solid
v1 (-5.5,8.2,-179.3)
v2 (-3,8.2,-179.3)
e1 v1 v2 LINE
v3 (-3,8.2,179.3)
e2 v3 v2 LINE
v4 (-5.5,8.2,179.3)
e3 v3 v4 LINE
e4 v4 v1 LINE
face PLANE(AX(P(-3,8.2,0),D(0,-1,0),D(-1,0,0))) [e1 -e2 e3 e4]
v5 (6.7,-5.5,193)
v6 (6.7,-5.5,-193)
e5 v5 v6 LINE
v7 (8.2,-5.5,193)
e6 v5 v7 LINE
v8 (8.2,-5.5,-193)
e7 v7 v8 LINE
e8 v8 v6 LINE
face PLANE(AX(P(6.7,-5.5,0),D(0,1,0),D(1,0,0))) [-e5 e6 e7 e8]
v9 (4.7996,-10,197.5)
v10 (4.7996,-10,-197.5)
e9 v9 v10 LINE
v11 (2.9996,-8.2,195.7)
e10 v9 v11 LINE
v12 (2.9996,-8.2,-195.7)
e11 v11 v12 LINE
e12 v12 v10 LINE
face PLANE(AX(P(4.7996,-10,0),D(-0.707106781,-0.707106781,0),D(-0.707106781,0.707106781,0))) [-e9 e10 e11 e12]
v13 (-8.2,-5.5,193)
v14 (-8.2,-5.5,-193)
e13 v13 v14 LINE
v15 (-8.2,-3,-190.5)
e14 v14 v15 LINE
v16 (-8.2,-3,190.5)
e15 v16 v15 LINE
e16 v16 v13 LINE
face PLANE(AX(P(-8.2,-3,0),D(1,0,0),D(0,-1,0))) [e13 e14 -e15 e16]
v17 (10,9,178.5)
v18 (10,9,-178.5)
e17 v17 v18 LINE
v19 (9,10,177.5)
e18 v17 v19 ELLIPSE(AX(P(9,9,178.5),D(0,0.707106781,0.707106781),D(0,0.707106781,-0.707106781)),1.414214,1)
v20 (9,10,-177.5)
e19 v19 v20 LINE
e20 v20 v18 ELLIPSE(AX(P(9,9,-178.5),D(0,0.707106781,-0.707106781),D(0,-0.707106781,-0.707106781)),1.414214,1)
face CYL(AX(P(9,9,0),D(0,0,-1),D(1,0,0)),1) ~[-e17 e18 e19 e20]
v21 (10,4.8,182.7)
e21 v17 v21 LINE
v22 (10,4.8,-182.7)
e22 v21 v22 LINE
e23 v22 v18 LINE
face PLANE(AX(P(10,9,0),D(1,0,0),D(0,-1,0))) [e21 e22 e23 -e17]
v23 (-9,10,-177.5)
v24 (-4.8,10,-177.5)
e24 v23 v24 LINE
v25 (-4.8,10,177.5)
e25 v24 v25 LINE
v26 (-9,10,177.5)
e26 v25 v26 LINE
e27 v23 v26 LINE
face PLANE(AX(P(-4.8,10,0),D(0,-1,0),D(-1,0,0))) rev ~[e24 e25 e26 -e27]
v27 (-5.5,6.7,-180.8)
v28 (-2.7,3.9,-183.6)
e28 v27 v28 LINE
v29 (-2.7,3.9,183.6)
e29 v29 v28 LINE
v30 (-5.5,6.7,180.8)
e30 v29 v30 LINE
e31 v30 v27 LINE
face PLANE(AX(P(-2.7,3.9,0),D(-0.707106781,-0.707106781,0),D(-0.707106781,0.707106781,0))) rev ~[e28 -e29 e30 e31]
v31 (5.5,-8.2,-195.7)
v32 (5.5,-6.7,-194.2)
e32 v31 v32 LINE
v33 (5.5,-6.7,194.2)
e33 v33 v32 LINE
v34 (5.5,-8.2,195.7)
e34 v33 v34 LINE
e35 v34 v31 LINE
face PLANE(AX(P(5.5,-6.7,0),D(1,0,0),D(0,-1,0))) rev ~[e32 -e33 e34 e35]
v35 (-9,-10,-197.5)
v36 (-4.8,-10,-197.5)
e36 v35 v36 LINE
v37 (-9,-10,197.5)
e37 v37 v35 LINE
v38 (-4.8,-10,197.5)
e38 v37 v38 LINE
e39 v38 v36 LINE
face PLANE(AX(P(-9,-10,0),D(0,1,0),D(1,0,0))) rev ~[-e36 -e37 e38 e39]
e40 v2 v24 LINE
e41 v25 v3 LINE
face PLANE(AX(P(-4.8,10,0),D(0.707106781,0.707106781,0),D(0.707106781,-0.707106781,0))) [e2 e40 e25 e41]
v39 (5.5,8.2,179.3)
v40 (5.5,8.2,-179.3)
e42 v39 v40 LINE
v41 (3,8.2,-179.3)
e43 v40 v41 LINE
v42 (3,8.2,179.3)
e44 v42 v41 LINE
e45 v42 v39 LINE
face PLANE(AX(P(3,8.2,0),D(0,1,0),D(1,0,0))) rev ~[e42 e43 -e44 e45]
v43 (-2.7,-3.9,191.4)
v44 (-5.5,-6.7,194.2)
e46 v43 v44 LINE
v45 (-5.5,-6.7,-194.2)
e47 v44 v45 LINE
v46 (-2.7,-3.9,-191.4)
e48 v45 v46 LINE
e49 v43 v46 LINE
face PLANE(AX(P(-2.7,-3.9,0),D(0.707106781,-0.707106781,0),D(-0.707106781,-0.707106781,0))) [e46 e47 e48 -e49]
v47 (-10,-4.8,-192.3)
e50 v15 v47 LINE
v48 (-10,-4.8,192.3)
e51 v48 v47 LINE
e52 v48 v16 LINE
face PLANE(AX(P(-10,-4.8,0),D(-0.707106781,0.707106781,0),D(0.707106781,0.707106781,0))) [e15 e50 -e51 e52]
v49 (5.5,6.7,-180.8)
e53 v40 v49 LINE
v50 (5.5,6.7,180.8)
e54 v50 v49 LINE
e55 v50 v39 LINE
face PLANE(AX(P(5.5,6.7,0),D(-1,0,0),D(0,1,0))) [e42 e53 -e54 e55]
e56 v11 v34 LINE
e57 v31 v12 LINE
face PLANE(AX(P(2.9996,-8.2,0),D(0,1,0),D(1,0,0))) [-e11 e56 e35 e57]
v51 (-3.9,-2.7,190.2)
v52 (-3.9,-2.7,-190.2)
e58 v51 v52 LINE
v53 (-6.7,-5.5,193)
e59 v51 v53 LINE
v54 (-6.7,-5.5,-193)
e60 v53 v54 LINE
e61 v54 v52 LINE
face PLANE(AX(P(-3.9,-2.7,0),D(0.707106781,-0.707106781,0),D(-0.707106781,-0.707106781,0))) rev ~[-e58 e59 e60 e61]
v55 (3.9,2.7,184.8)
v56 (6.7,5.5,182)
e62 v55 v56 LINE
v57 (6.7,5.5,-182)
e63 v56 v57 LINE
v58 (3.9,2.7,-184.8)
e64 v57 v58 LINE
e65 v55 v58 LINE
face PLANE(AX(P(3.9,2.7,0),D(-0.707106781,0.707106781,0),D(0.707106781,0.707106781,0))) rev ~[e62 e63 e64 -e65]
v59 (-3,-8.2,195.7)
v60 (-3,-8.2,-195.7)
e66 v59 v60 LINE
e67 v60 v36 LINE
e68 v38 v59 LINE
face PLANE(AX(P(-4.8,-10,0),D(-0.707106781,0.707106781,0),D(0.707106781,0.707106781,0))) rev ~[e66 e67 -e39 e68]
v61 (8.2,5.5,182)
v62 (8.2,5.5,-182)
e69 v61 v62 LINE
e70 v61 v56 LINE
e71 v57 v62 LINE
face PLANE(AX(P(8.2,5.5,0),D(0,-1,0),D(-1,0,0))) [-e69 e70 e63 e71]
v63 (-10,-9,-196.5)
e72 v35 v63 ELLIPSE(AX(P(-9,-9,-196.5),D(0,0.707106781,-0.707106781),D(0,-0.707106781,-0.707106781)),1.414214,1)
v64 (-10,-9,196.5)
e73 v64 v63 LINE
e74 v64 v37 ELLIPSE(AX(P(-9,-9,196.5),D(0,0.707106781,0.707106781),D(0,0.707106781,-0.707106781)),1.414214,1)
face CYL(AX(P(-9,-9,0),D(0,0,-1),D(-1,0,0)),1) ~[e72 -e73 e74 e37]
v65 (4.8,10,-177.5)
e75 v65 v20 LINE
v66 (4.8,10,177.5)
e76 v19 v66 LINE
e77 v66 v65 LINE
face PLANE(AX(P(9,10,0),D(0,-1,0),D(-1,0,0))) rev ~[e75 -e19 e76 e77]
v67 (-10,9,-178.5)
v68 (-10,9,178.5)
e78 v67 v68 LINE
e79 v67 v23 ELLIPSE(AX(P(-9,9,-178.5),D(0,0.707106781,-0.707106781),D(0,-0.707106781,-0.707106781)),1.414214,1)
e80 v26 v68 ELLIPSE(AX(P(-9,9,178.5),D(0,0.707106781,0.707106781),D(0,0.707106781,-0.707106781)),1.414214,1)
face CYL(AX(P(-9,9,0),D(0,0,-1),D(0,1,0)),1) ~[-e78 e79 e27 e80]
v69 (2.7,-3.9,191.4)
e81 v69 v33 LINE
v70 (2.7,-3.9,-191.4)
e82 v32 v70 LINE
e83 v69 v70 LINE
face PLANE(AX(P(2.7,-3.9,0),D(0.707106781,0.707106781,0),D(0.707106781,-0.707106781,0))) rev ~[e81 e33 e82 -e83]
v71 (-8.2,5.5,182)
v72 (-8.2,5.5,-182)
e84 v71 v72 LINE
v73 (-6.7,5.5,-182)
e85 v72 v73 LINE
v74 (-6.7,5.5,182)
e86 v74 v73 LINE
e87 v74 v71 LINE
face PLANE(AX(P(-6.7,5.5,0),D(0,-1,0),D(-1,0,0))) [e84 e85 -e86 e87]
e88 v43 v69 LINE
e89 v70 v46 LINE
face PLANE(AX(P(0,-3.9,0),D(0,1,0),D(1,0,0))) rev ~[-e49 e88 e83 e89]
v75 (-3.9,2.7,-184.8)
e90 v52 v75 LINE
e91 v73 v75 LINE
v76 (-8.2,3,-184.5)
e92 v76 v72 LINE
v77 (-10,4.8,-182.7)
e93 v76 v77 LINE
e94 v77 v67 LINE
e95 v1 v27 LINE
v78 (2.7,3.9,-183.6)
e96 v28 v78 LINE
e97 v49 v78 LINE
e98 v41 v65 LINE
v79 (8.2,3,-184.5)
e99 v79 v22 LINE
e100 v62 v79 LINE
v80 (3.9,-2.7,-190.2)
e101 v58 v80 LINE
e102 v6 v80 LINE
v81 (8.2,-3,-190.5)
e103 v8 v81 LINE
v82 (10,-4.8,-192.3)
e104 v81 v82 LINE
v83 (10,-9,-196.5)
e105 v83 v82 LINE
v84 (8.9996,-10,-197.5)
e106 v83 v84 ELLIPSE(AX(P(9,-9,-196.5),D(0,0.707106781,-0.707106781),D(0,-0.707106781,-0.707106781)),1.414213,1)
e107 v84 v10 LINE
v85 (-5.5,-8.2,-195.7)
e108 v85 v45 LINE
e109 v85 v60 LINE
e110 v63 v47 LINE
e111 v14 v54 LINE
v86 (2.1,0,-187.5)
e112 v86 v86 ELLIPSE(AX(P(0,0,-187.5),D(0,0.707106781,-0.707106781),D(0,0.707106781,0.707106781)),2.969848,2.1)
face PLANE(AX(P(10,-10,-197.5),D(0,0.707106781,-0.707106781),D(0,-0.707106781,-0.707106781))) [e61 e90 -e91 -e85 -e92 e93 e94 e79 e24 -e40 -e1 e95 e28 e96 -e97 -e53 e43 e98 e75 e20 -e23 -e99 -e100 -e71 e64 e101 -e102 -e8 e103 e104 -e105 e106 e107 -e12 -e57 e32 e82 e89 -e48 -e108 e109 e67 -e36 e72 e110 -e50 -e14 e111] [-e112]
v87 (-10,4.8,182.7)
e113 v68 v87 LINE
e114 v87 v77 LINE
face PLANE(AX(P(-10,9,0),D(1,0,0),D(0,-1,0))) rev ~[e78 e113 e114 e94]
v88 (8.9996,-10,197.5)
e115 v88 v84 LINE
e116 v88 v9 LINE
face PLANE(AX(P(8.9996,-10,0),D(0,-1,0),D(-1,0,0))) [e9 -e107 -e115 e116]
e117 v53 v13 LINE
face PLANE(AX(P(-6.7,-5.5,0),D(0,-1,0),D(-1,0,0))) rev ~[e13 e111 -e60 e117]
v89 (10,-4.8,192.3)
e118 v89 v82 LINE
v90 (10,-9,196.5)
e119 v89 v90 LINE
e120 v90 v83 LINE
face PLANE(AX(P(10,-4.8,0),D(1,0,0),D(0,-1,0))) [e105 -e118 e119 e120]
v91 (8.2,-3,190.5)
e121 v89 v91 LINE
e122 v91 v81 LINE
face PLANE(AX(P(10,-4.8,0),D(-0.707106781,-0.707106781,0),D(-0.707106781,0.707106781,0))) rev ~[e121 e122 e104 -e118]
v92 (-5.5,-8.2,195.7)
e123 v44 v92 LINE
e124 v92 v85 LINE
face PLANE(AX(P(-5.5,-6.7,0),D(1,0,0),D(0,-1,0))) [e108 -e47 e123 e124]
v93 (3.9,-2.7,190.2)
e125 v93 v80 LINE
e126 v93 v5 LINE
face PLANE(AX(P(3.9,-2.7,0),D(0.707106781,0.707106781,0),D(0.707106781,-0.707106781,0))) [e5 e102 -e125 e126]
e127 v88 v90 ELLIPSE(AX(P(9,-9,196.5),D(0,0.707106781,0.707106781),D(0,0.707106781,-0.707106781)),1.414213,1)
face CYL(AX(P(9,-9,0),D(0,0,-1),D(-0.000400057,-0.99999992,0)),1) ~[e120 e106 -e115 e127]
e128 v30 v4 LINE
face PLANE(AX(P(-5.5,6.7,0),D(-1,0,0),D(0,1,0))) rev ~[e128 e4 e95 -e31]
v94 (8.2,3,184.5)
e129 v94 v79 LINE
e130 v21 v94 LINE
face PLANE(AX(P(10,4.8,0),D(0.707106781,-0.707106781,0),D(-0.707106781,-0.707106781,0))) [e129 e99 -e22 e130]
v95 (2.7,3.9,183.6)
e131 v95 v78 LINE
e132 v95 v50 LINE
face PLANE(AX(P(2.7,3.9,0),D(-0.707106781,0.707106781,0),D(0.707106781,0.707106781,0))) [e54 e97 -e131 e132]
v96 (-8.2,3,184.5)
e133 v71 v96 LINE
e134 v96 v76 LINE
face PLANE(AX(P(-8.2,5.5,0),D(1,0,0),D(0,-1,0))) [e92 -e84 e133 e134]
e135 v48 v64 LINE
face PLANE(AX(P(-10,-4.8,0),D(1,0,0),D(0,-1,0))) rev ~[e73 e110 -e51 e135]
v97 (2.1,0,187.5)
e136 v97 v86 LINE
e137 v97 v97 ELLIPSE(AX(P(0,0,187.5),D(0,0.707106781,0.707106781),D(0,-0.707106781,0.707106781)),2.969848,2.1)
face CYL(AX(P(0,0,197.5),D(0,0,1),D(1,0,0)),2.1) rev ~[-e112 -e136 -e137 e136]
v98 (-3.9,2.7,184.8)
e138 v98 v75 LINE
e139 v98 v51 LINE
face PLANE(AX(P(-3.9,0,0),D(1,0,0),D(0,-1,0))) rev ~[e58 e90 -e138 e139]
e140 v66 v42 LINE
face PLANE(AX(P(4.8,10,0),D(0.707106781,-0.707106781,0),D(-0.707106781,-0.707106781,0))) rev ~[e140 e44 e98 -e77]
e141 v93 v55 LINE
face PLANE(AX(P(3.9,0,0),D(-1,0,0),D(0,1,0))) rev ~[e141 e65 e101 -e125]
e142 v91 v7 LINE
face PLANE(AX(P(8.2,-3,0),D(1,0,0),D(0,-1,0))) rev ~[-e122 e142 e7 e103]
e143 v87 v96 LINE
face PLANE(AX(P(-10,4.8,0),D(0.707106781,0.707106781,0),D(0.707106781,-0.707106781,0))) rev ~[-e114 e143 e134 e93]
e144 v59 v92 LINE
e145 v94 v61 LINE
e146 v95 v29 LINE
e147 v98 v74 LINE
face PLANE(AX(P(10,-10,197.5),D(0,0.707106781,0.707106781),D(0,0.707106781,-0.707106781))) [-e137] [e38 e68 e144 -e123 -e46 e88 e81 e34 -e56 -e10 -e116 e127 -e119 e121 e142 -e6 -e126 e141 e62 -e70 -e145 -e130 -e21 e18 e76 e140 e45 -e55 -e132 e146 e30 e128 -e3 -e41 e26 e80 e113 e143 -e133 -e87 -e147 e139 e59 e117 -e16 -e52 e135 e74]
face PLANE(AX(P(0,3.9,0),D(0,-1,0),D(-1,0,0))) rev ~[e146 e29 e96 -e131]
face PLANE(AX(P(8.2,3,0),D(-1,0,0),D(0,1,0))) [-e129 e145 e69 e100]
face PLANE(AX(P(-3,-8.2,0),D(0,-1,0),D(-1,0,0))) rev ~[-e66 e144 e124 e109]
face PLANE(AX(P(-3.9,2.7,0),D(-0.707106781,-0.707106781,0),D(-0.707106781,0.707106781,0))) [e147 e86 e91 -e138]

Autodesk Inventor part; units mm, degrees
ref_plane "YZ Plane" through (0, 0, 0) normal (1, 0, 0) x (0, 1, 0)
sketch "Эскиз1" plane through (0, 0, 0) normal (0, 0, 1) x (1, 0, 0)
  line L0 (-4.8, 10) -> (-3, 8.2)
  line L1 (-4.8, 10) -> (-2.2544, 10) construction
  line L2 (4.8, 10) -> (3, 8.2)
  line L3 (4.8, 10) -> (7.3456, 10) construction
  line L4 (10, 4.8) -> (8.2, 3)
  arc A0 (-9, 10) -> (-10, 9) centre (-9, 9) ccw
  arc A1 (10, 9) -> (9, 10) centre (9, 9) ccw
  arc A2 (-10, -9) -> (-9, -10) centre (-9, -9) ccw
  arc A3 (8.9996, -10) -> (10, -9) centre (9, -9) ccw
  line L5 (0, 3.9) -> (-2.7, 3.9)
  line L6 (0, 3.9) -> (2.7, 3.9)
  line L7 (3, 8.2) -> (5.5, 8.2)
  line L8 (2.7, 3.9) -> (5.5, 6.7)
  line L9 (5.5, 6.7) -> (5.5, 8.2)
  line L10 (3.9, 0) -> (3.9, 2.7)
  line L11 (3.9, 0) -> (3.9, -2.7)
  line L12 (3.9, 2.7) -> (6.7, 5.5)
  line L13 (3.9, 2.7) -> (7.8598, 2.7) construction
  line L14 (9, 10) -> (4.8, 10)
  line L15 (-4.8, 10) -> (-9, 10)
  line L16 (0, -3.9) -> (-2.7, -3.9)
  line L17 (0, -3.9) -> (2.7, -3.9)
  line L18 (-3.9, 0) -> (-3.9, -2.7)
  line L19 (-3.9, 0) -> (-3.9, 2.7)
  line L20 (8.2, 3) -> (8.2, 5.5)
  line L21 (8.2, 5.5) -> (6.7, 5.5)
  line L22 (-10, -4.8) -> (-7.4544, -4.8) construction
  line L23 (-4.8, -10) -> (-3, -8.2)
  line L24 (-4.8, -10) -> (-2.2544, -10) construction
  line L25 (4.7996, -10) -> (2.9996, -8.2)
  line L26 (4.7996, -10) -> (7.3452, -10) construction
  line L27 (10, -4.8) -> (8.2, -3)
  line L28 (8.9996, -10) -> (4.7996, -10)
  line L29 (-9, -10) -> (-4.8, -10)
  line L30 (10, -4.8) -> (10, -9)
  line L31 (10, 9) -> (10, 4.8)
  line L32 (-10, -4.8) -> (-10, -9)
  line L33 (-3, 8.2) -> (-5.5, 8.2)
  line L34 (-2.7, 3.9) -> (-5.5, 6.7)
  line L35 (-2.7, 3.9) -> (1.2598, 3.9) construction
  line L36 (-5.5, 6.7) -> (-5.5, 8.2)
  line L37 (-3.9, 2.7) -> (-6.7, 5.5)
  line L38 (-6.7, 5.5) -> (-8.2, 5.5)
  line L39 (-8.2, -3) -> (-8.2, -5.5)
  line L40 (-3, -8.2) -> (-5.5, -8.2)
  line L41 (2.9996, -8.2) -> (5.5, -8.2)
  line L42 (8.2, -3) -> (8.2, -5.5)
  line L43 (-3.9, -2.7) -> (-6.7, -5.5)
  line L44 (-6.7, -5.5) -> (-8.2, -5.5)
  line L45 (-2.7, -3.9) -> (-5.5, -6.7)
  line L46 (-5.5, -6.7) -> (-5.5, -8.2)
  line L47 (-10, 9) -> (-10, 4.8)
  line L48 (-10, 4.8) -> (-8.2, 3)
  line L49 (-8.2, 5.5) -> (-8.2, 3)
  line L50 (-10, -4.8) -> (-8.2, -3)
  line L51 (2.7, -3.9) -> (5.5, -6.7)
  line L52 (5.5, -6.7) -> (5.5, -8.2)
  line L53 (3.9, -2.7) -> (6.7, -5.5)
  line L54 (6.7, -5.5) -> (8.2, -5.5)
  point P0 (0, 0)
  dimension "d16" = 45
  dimension "d17" = 135
  dimension "d25" = 6
  dimension "d29" = 1
  dimension "d30" = 1
  dimension "d31" = 2.7
  dimension "d32" = 2.7
  dimension "d34" = 2.5
  dimension "d36" = 2.7
  dimension "d37" = 2.7
  dimension "d38" = 3.9
  dimension "d39" = 45
  dimension "d42" = 2.7
  dimension "d43" = 2.7
  dimension "d44" = 3.9
  dimension "d45" = 2.7
  dimension "d46" = 2.7
  dimension "d48" = 10
  dimension "d49" = 10
  dimension "d55" = 4.5
  dimension "d58" = 9
  dimension "d59" = 9
  dimension "d60" = 2.5
  dimension "d61" = 2.8
  dimension "d63" = 1.6971
  dimension "d65" = 45
  dimension "d67" = 135
  dimension "d73" = 10
  dimension "d74" = 10
  dimension "d77" = 18
  dimension "d78" = 18
  dimension "d79" = 135
  dimension "d80" = 135
  dimension "d81" = 4.5
  dimension "d82" = 1.8
  dimension "d83" = 1.8
  dimension "d84" = 1
  dimension "d85" = 1
  dimension "d87" = 4.5
  dimension "d89" = 1.8
  dimension "d91" = 135
  dimension "d92" = 1.6971
  dimension "d94" = 4.5
  dimension "d95" = 1.8
  dimension "d96" = 4.5
  dimension "d97" = 1.8
  dimension "d98" = 4.5
  dimension "d99" = 1.8
  dimension "d100" = 1.8
  dimension "d107" = 4.2
  dimension "d108" = 10
  dimension "d109" = 4.5
  dimension "d110" = 1.8
  dimension "d111" = 135
  dimension "d112" = 4.2
  dimension "d113" = 4.2
  dimension "d114" = 6
  dimension "d115" = 135
  dimension "d116" = 1.6971
  dimension "d117" = 4.2
  dimension "d118" = 4.2
  dimension "d119" = 4.5
  dimension "d120" = 135
  dimension "d121" = 1.5
extrude "Выдавливание2" add sketch "Эскиз1" along normal mid plane 395
sketch "Эскиз2" plane through (0, 0, 197.5) normal (0, 0, 1) x (1, 0, 0)
  circle A0 centre (0, 0) radius 2.1
  dimension "d131" = 4.2
extrude "Выдавливание3" cut sketch "Эскиз2" against normal through all
sketch "Эскиз3" plane through (10, 9, 197.5) normal (1, 0, 0) x (0, 0, -1)
  line L0 (395, -19) -> (375, 1)
  line L1 (395, -19) -> (423.2843, -19) construction
  point P0 (197.5, -9)
  dimension "d134" = 135
  dimension "d136" = 20
ref_plane "РабПлоскость1" through (10, -10, -197.5) normal (0, 0.7071, -0.7071) x (0, 0.7071, 0.7071)
split "Разделение2" plane through (10, -10, -197.5) removes the side toward (0, 0.7071, -0.7071)
sketch "Эскиз5" plane through (10, 4.8, 197.5) normal (1, 0, 0) x (0, 0, -1)
  line L0 (0, -13.8) -> (0, -14.8) projected
  line L1 (0, -14.8) -> (20, 5.2)
  line L2 (0, -14.8) -> (28.2843, -14.8) construction
  line L3 (395, -14.8) -> (0, -14.8) projected
  line L4 (395, -14.8) -> (393.2, -13) projected
  line L5 (0, -14.8) -> (395, -14.8)
  point P0 (197.5, -4.8)
  dimension "d138" = 45
  dimension "d140" = 20
  dimension "d141" = 395
ref_plane "РабПлоскость2" through (10, -10, 197.5) normal (0, 0.7071, 0.7071) x (0, 0.7071, -0.7071)
split "Разделение3" plane through (10, -10, 197.5) removes the side toward (0, 0.7071, 0.7071)
properties part number "Профиль_аллюминиевый395_45"
